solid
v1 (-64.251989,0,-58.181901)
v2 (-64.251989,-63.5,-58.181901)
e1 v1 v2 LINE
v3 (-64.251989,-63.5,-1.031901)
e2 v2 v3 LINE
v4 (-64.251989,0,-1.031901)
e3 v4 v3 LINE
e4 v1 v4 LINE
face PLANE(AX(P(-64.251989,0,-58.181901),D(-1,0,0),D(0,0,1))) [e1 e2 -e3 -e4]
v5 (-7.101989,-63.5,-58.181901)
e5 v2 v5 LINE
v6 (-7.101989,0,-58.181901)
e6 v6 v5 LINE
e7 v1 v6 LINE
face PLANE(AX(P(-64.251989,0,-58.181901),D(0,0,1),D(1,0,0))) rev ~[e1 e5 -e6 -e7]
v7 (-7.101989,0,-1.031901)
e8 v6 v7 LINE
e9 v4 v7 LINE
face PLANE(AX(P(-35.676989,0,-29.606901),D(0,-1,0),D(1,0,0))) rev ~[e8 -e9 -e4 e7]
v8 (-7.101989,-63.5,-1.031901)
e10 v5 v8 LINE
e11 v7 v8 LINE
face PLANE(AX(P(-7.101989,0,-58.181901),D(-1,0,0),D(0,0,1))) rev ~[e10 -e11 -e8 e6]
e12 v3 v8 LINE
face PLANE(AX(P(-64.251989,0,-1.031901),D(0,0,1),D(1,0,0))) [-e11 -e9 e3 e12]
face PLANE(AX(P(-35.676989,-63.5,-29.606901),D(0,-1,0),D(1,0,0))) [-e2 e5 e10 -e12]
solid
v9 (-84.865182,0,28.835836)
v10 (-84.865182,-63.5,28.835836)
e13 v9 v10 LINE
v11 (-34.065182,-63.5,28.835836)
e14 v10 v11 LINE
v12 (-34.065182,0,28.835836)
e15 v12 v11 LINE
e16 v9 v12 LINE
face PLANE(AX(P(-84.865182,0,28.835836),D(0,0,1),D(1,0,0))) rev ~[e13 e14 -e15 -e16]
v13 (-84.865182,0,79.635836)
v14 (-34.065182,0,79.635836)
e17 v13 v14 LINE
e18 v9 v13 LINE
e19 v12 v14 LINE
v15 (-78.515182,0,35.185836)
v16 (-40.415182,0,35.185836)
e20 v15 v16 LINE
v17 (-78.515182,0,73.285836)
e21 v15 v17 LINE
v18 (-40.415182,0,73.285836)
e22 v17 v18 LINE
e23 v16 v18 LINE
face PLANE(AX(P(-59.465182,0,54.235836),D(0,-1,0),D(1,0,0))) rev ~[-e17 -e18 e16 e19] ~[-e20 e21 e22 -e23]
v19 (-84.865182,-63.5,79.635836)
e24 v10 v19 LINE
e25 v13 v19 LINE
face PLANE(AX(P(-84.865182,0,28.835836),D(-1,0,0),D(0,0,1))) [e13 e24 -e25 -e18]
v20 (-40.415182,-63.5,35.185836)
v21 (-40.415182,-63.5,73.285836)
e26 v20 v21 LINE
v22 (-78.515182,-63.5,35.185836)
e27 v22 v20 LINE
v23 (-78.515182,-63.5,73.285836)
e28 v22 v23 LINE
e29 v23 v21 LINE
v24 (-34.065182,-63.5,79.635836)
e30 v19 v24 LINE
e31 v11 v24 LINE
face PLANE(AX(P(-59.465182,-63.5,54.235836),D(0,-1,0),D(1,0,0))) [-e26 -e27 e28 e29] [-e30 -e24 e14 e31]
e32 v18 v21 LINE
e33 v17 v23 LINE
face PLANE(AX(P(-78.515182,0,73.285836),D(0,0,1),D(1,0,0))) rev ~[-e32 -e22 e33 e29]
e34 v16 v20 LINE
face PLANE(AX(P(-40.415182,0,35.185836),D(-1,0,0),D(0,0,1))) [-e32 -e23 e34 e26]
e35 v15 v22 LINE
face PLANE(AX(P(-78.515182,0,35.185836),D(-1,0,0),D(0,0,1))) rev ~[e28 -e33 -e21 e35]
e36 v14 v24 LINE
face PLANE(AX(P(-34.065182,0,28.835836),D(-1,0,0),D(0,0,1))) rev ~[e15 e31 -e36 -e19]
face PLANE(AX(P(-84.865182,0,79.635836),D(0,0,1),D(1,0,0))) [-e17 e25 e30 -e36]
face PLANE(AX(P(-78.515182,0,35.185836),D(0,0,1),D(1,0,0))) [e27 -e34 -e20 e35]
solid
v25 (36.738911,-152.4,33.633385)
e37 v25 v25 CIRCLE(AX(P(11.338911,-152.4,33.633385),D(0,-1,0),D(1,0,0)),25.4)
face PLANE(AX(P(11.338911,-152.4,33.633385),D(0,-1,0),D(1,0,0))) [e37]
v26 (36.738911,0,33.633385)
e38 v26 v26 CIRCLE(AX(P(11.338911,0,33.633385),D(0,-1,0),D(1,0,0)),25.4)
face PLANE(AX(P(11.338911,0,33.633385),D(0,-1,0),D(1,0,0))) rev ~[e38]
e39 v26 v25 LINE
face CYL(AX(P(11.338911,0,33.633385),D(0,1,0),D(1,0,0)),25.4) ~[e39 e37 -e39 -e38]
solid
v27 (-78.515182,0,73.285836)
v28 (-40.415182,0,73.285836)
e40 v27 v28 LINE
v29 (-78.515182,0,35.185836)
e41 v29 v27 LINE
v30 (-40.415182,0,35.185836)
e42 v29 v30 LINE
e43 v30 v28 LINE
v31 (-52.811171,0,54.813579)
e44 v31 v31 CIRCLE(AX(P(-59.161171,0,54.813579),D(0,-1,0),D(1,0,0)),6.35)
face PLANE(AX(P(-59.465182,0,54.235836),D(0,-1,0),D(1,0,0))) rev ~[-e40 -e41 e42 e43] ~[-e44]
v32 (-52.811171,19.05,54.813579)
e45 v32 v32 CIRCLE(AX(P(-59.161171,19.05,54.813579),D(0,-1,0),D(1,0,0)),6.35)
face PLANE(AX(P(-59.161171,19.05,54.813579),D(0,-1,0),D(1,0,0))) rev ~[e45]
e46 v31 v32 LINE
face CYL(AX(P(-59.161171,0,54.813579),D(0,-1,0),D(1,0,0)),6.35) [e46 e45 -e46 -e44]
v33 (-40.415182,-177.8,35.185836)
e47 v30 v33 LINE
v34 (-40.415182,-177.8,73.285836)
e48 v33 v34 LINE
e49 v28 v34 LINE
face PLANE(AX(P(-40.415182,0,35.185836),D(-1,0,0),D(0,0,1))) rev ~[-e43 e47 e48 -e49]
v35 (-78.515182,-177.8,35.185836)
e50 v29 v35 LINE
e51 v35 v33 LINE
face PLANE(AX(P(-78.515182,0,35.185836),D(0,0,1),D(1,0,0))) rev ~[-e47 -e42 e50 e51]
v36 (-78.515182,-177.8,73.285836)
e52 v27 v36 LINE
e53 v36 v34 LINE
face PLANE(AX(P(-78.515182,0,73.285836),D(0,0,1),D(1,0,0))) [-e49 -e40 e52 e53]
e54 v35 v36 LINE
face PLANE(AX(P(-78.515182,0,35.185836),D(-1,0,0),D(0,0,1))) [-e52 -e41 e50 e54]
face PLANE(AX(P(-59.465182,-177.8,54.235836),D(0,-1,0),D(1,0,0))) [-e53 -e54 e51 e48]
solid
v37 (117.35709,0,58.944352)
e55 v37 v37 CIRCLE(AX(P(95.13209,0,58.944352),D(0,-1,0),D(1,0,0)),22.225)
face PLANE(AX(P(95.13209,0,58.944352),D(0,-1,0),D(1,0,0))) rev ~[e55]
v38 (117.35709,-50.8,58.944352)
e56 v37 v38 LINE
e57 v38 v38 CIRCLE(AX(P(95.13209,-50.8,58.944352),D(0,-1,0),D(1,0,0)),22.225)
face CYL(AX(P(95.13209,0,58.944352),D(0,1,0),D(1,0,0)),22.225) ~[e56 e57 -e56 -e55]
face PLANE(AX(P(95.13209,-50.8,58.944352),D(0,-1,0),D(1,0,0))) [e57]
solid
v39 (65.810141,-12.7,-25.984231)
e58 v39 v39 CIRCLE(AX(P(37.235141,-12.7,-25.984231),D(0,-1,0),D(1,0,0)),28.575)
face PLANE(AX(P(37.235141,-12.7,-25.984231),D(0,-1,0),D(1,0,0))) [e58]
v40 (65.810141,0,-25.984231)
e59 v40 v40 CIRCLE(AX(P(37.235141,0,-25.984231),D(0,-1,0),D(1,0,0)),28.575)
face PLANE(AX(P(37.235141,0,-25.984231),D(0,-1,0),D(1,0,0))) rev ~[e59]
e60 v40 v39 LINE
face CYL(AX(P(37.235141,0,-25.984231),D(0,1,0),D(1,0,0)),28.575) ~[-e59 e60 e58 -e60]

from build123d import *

# Parameters (mm, degrees)
F0_R     = 25.4
F1_DEPTH = 152.4
F0_R_2   = 28.575
F2_DEPTH = 12.7
F0_W     = 57.15
F0_H     = 57.15
F3_DEPTH = 63.5
F0_W_2   = 38.1
F0_H_2   = 38.1
F0_R_3   = 6.35
F4_DEPTH = 177.8
F0_W_3   = 50.8
F0_H_3   = 50.8
F5_DEPTH = 63.5
F6_DEPTH = 19.05
F0_R_4   = 22.225
F7_DEPTH = 50.8


with BuildPart() as f1:
    # F0 (on Front) → F1 (new body)
    with BuildSketch(Plane.XZ):
        with Locations((11.338911, 33.633385)):
            Circle(F0_R)
    extrude(amount=F1_DEPTH)


with BuildPart() as f2:
    # F0 (on Front) → F2 (new body)
    with BuildSketch(Plane.XZ):
        with Locations((37.235141, -25.984231)):
            Circle(F0_R_2)
    extrude(amount=F2_DEPTH)


with BuildPart() as f3:
    # F0 (on Front) → F3 (new body)
    with BuildSketch(Plane.XZ):
        with Locations((-35.676989, -29.606901)):
            Rectangle(F0_W, F0_H)
    extrude(amount=F3_DEPTH)


with BuildPart() as f4:
    # F0 (on Front) → F4 (new body)
    with BuildSketch(Plane.XZ):
        with Locations((-59.465182, 54.235836)):
            Rectangle(F0_W_2, F0_H_2)
        with Locations((-59.161171, 54.813579)):
            Circle(F0_R_3, mode=Mode.SUBTRACT)
        with Locations((-59.161171, 54.813579)):
            Circle(F0_R_3)
    extrude(amount=F4_DEPTH)

    # F0 (on Front) → F6 (join)
    with BuildSketch(Plane.XZ):
        with Locations((-59.161171, 54.813579)):
            Circle(F0_R_3)
    extrude(amount=-F6_DEPTH)


with BuildPart() as f5:
    # F0 (on Front) → F5 (new body)
    with BuildSketch(Plane.XZ):
        with Locations((-59.465182, 54.235836)):
            Rectangle(F0_W_3, F0_H_3)
        with Locations((-59.465182, 54.235836)):
            Rectangle(F0_W_2, F0_H_2, mode=Mode.SUBTRACT)
    extrude(amount=F5_DEPTH)


with BuildPart() as f7:
    # F0 (on Front) → F7 (new body)
    with BuildSketch(Plane.XZ):
        with Locations((95.13209, 58.944352)):
            Circle(F0_R_4)
    extrude(amount=F7_DEPTH)


solid = Compound([f1.part, f2.part, f3.part, f4.part, f5.part, f7.part])
